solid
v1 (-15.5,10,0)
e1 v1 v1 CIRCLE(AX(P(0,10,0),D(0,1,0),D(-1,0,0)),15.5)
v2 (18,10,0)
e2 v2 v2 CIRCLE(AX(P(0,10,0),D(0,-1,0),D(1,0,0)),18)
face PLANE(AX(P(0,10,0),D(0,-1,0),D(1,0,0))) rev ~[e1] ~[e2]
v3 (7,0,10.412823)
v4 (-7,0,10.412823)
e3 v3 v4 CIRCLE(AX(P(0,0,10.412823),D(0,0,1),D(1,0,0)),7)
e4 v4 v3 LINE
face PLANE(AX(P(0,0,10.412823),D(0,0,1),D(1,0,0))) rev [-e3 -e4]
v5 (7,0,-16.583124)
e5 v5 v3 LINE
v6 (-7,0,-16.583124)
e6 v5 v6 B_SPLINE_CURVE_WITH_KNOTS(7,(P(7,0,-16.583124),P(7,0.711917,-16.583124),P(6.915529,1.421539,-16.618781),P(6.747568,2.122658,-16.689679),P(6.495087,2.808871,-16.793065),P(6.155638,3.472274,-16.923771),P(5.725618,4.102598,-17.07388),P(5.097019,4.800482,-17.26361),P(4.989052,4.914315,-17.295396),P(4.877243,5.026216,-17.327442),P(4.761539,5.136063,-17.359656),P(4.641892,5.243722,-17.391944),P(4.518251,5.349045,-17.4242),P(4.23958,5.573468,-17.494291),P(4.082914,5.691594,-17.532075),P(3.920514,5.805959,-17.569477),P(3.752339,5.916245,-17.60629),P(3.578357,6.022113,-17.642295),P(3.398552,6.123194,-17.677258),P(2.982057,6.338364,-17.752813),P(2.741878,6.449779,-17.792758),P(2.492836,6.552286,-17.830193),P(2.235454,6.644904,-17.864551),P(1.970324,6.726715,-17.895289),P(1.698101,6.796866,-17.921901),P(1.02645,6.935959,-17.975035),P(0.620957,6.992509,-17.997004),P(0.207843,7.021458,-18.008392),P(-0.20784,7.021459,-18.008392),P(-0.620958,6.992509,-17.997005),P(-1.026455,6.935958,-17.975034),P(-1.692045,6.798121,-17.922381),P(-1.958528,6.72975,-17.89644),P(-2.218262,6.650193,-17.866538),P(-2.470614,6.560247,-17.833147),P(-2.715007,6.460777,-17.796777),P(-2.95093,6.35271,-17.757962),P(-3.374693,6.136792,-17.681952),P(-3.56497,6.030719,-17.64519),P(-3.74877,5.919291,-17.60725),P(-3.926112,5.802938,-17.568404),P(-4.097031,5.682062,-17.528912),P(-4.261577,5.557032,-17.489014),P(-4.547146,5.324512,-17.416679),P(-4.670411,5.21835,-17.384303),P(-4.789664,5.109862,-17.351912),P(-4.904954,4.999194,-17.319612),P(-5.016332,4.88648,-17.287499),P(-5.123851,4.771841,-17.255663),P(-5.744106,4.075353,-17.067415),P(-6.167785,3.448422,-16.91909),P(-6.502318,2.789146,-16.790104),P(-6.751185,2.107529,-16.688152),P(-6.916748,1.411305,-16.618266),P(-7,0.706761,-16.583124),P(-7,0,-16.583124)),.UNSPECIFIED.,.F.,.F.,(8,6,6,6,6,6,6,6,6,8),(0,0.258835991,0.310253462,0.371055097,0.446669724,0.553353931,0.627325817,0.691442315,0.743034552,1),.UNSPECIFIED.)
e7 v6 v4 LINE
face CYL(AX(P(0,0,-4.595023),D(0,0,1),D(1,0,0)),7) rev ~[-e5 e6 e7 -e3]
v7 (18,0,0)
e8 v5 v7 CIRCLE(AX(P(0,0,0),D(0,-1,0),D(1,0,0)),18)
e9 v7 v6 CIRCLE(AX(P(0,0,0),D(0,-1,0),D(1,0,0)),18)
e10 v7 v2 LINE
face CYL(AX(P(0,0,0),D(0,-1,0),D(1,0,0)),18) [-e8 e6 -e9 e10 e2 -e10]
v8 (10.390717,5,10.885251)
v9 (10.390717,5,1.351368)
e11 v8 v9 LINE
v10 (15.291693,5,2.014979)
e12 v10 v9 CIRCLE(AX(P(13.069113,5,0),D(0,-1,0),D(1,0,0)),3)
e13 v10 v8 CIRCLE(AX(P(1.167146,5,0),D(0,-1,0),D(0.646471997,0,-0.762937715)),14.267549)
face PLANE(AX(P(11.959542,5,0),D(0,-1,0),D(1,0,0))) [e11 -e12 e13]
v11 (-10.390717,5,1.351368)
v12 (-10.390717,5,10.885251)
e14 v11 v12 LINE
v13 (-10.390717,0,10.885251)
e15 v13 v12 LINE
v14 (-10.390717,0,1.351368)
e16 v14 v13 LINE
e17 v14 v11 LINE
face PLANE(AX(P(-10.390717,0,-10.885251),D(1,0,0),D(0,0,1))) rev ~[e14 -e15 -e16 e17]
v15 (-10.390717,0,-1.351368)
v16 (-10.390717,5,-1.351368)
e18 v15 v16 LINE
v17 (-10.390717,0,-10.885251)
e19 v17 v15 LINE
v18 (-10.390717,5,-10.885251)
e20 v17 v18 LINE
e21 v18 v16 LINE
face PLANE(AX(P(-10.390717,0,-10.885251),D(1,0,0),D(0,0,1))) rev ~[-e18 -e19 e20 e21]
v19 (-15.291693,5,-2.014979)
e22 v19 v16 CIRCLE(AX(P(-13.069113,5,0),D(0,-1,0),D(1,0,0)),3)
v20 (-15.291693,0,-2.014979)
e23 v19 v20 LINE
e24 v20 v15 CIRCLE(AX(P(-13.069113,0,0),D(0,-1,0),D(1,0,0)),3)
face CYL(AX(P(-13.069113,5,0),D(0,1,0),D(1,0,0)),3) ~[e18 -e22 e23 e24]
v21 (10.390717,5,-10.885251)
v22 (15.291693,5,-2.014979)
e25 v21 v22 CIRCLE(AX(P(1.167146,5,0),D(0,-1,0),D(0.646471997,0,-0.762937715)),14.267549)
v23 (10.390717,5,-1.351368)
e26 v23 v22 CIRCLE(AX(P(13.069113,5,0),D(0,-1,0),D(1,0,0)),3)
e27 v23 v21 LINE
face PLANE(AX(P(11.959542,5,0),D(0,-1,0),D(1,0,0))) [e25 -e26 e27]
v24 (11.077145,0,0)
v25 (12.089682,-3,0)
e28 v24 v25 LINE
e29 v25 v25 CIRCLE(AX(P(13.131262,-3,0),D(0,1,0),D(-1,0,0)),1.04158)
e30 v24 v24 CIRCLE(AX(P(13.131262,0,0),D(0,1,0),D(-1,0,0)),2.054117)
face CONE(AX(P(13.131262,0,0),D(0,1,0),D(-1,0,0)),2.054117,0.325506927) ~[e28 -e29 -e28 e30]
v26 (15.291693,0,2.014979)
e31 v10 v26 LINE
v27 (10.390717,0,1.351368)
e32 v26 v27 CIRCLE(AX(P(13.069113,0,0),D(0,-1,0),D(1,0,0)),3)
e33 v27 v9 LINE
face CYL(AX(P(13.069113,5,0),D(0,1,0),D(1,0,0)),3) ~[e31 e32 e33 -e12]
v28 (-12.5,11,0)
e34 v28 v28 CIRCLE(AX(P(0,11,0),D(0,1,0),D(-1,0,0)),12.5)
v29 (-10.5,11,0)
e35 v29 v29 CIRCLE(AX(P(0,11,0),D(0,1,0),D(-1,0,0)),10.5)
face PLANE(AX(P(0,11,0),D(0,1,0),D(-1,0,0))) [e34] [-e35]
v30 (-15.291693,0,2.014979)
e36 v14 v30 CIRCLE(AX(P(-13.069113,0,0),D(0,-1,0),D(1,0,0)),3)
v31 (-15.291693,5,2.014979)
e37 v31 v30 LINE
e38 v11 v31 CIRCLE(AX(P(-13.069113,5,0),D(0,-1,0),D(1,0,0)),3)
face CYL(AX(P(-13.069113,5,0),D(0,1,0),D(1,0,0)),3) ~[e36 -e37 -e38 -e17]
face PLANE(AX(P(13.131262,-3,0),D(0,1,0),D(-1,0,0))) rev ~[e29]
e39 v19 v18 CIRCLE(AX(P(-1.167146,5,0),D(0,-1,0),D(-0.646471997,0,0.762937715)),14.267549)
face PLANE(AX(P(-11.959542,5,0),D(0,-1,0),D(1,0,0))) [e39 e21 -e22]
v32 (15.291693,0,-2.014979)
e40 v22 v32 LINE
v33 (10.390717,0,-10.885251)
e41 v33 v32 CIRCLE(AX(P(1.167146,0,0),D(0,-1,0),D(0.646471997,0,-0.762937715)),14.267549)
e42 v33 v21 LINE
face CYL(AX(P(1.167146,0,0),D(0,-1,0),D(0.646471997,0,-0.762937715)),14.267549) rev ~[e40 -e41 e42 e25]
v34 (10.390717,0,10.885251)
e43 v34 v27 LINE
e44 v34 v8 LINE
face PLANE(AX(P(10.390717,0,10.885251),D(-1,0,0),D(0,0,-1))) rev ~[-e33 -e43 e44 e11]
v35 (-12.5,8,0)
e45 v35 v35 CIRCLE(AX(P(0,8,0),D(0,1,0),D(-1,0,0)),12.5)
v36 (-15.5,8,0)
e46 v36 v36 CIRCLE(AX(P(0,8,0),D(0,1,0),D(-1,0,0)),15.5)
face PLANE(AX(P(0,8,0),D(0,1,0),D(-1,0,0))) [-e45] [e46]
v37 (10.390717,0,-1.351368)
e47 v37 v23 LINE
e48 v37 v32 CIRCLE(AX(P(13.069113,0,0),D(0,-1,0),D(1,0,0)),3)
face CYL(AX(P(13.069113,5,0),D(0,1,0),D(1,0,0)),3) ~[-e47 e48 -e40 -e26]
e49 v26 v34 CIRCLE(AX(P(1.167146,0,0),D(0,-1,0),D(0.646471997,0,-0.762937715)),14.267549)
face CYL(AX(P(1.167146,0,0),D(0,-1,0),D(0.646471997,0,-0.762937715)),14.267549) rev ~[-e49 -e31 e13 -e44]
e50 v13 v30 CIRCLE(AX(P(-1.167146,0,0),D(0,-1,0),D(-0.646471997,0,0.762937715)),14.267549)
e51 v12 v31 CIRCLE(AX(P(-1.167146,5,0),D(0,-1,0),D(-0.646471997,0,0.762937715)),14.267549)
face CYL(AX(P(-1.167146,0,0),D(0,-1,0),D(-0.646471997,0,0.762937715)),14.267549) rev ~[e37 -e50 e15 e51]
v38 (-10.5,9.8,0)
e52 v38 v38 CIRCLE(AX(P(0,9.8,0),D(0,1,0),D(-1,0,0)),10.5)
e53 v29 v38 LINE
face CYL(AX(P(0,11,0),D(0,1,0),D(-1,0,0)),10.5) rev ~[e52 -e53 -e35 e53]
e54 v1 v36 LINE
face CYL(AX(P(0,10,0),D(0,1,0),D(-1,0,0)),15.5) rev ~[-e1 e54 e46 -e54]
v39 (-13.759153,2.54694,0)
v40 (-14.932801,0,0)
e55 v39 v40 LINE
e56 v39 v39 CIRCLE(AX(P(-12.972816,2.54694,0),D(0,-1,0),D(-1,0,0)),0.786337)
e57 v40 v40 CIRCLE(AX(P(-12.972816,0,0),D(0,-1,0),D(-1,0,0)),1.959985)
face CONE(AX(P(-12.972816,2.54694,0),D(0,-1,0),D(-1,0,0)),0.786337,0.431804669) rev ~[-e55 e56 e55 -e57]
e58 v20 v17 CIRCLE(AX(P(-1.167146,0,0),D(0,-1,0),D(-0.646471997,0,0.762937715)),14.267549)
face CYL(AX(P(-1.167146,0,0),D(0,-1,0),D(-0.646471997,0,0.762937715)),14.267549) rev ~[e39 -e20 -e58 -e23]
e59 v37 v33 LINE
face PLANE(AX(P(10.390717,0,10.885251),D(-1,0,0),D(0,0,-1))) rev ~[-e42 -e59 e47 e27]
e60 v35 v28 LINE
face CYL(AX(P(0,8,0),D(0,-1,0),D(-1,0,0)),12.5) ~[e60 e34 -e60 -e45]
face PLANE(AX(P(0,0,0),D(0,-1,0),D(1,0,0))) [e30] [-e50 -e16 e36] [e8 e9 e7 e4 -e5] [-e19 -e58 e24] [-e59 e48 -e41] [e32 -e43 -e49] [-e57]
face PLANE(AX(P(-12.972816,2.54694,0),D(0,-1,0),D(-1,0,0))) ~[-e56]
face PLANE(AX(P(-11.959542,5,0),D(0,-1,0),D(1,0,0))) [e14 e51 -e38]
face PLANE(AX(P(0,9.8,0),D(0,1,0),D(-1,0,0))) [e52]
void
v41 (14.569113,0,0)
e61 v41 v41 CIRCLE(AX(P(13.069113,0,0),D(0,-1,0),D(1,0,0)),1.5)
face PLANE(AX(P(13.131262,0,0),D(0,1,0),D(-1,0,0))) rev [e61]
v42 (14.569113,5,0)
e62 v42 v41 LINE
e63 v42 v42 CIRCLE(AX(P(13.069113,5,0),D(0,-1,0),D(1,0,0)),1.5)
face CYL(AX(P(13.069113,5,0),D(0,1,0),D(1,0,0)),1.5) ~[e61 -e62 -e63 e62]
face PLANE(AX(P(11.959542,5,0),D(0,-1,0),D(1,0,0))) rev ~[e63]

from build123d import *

# Parameters (mm, degrees)
F0_R      = 18
F1_DEPTH  = 10
F2_R      = 15.5
F3_DEPTH  = 2
F5_DEPTH  = 5
F6_R      = 3
F6_R_2    = 1.5
F7_DEPTH  = 5
F8_R      = 12.5
F9_DEPTH  = 3
F10_R     = 10.5
F11_DEPTH = 1.2
F16_W     = 7
F16_H     = 30.015691
F17_ANGLE = -180


with BuildPart() as f1:
    # F0 (on Front) → F1 (new body)
    with BuildSketch(Plane.XZ):
        Circle(F0_R)
    extrude(amount=-F1_DEPTH)

    # F2 (on face) → F3 (cut)
    with BuildSketch(Plane(origin=(0, 10, 0), x_dir=(-1, 0, 0), z_dir=(0, 1, 0))):
        Circle(F2_R)
    extrude(amount=-F3_DEPTH, mode=Mode.SUBTRACT)

    # F4 (on face) → F5 (cut)
    with BuildSketch(Plane.XZ):
        with BuildLine():
            ThreePointArc((10.390717, -10.885251), (15.434695, 0), (10.390717, 10.885251))
            Line((10.390717, 10.885251), (10.390717, -10.885251))
        make_face()
        with BuildLine():
            Line((-10.390717, -10.885251), (-10.390717, 10.885251))
            ThreePointArc((-10.390717, 10.885251), (-15.434695, 0), (-10.390717, -10.885251))
        make_face()
    extrude(amount=-F5_DEPTH, mode=Mode.SUBTRACT)

    # F6 (on face) → F7 (join)
    with BuildSketch(Plane.XZ.offset(-5)):
        with Locations((-13.069113, 0)):
            Circle(F6_R)
        with Locations((13.069113, 0)):
            Circle(F6_R)
        with Locations((13.069113, 0)):
            Circle(F6_R_2, mode=Mode.SUBTRACT)
    extrude(amount=F7_DEPTH)

    # F8 (on face) → F9 (join)
    with BuildSketch(Plane(origin=(0, 8, 0), x_dir=(-1, 0, 0), z_dir=(0, 1, 0))):
        Circle(F8_R)
    extrude(amount=F9_DEPTH)

    # F10 (on face) → F11 (cut)
    with BuildSketch(Plane(origin=(0, 11, 0), x_dir=(-1, 0, 0), z_dir=(0, 1, 0))):
        Circle(F10_R)
    extrude(amount=-F11_DEPTH, mode=Mode.SUBTRACT)

    # F12 (on Top) → F13 (revolve)
    with BuildSketch(Plane.XY):
        Polygon((13.131262, 0), (11.077145, 0), (12.089682, -3), (13.131262, -3), align=None)
    revolve(axis=Axis((13.131262, 2.278473, 0), (0, 1, 0)))

    # F14 (on Top) → F15 (revolve, cut)
    with BuildSketch(Plane.XY):
        Polygon((-13.759153, 2.54694), (-14.932801, 0), (-12.972816, 0), (-12.972816, 2.54694), align=None)
    revolve(axis=Axis((-12.972816, -1.87905, 0), (0, -1, 0)), mode=Mode.SUBTRACT)

    # F16 (on face) → F17 (revolve, cut)
    with BuildSketch(Plane.XZ):
        with Locations((3.5, -4.595023)):
            Rectangle(F16_W, F16_H)
    revolve(axis=Axis((0, 0, -3.36439), (0, 0, -1)), revolution_arc=F17_ANGLE, mode=Mode.SUBTRACT)


solid = f1.part
